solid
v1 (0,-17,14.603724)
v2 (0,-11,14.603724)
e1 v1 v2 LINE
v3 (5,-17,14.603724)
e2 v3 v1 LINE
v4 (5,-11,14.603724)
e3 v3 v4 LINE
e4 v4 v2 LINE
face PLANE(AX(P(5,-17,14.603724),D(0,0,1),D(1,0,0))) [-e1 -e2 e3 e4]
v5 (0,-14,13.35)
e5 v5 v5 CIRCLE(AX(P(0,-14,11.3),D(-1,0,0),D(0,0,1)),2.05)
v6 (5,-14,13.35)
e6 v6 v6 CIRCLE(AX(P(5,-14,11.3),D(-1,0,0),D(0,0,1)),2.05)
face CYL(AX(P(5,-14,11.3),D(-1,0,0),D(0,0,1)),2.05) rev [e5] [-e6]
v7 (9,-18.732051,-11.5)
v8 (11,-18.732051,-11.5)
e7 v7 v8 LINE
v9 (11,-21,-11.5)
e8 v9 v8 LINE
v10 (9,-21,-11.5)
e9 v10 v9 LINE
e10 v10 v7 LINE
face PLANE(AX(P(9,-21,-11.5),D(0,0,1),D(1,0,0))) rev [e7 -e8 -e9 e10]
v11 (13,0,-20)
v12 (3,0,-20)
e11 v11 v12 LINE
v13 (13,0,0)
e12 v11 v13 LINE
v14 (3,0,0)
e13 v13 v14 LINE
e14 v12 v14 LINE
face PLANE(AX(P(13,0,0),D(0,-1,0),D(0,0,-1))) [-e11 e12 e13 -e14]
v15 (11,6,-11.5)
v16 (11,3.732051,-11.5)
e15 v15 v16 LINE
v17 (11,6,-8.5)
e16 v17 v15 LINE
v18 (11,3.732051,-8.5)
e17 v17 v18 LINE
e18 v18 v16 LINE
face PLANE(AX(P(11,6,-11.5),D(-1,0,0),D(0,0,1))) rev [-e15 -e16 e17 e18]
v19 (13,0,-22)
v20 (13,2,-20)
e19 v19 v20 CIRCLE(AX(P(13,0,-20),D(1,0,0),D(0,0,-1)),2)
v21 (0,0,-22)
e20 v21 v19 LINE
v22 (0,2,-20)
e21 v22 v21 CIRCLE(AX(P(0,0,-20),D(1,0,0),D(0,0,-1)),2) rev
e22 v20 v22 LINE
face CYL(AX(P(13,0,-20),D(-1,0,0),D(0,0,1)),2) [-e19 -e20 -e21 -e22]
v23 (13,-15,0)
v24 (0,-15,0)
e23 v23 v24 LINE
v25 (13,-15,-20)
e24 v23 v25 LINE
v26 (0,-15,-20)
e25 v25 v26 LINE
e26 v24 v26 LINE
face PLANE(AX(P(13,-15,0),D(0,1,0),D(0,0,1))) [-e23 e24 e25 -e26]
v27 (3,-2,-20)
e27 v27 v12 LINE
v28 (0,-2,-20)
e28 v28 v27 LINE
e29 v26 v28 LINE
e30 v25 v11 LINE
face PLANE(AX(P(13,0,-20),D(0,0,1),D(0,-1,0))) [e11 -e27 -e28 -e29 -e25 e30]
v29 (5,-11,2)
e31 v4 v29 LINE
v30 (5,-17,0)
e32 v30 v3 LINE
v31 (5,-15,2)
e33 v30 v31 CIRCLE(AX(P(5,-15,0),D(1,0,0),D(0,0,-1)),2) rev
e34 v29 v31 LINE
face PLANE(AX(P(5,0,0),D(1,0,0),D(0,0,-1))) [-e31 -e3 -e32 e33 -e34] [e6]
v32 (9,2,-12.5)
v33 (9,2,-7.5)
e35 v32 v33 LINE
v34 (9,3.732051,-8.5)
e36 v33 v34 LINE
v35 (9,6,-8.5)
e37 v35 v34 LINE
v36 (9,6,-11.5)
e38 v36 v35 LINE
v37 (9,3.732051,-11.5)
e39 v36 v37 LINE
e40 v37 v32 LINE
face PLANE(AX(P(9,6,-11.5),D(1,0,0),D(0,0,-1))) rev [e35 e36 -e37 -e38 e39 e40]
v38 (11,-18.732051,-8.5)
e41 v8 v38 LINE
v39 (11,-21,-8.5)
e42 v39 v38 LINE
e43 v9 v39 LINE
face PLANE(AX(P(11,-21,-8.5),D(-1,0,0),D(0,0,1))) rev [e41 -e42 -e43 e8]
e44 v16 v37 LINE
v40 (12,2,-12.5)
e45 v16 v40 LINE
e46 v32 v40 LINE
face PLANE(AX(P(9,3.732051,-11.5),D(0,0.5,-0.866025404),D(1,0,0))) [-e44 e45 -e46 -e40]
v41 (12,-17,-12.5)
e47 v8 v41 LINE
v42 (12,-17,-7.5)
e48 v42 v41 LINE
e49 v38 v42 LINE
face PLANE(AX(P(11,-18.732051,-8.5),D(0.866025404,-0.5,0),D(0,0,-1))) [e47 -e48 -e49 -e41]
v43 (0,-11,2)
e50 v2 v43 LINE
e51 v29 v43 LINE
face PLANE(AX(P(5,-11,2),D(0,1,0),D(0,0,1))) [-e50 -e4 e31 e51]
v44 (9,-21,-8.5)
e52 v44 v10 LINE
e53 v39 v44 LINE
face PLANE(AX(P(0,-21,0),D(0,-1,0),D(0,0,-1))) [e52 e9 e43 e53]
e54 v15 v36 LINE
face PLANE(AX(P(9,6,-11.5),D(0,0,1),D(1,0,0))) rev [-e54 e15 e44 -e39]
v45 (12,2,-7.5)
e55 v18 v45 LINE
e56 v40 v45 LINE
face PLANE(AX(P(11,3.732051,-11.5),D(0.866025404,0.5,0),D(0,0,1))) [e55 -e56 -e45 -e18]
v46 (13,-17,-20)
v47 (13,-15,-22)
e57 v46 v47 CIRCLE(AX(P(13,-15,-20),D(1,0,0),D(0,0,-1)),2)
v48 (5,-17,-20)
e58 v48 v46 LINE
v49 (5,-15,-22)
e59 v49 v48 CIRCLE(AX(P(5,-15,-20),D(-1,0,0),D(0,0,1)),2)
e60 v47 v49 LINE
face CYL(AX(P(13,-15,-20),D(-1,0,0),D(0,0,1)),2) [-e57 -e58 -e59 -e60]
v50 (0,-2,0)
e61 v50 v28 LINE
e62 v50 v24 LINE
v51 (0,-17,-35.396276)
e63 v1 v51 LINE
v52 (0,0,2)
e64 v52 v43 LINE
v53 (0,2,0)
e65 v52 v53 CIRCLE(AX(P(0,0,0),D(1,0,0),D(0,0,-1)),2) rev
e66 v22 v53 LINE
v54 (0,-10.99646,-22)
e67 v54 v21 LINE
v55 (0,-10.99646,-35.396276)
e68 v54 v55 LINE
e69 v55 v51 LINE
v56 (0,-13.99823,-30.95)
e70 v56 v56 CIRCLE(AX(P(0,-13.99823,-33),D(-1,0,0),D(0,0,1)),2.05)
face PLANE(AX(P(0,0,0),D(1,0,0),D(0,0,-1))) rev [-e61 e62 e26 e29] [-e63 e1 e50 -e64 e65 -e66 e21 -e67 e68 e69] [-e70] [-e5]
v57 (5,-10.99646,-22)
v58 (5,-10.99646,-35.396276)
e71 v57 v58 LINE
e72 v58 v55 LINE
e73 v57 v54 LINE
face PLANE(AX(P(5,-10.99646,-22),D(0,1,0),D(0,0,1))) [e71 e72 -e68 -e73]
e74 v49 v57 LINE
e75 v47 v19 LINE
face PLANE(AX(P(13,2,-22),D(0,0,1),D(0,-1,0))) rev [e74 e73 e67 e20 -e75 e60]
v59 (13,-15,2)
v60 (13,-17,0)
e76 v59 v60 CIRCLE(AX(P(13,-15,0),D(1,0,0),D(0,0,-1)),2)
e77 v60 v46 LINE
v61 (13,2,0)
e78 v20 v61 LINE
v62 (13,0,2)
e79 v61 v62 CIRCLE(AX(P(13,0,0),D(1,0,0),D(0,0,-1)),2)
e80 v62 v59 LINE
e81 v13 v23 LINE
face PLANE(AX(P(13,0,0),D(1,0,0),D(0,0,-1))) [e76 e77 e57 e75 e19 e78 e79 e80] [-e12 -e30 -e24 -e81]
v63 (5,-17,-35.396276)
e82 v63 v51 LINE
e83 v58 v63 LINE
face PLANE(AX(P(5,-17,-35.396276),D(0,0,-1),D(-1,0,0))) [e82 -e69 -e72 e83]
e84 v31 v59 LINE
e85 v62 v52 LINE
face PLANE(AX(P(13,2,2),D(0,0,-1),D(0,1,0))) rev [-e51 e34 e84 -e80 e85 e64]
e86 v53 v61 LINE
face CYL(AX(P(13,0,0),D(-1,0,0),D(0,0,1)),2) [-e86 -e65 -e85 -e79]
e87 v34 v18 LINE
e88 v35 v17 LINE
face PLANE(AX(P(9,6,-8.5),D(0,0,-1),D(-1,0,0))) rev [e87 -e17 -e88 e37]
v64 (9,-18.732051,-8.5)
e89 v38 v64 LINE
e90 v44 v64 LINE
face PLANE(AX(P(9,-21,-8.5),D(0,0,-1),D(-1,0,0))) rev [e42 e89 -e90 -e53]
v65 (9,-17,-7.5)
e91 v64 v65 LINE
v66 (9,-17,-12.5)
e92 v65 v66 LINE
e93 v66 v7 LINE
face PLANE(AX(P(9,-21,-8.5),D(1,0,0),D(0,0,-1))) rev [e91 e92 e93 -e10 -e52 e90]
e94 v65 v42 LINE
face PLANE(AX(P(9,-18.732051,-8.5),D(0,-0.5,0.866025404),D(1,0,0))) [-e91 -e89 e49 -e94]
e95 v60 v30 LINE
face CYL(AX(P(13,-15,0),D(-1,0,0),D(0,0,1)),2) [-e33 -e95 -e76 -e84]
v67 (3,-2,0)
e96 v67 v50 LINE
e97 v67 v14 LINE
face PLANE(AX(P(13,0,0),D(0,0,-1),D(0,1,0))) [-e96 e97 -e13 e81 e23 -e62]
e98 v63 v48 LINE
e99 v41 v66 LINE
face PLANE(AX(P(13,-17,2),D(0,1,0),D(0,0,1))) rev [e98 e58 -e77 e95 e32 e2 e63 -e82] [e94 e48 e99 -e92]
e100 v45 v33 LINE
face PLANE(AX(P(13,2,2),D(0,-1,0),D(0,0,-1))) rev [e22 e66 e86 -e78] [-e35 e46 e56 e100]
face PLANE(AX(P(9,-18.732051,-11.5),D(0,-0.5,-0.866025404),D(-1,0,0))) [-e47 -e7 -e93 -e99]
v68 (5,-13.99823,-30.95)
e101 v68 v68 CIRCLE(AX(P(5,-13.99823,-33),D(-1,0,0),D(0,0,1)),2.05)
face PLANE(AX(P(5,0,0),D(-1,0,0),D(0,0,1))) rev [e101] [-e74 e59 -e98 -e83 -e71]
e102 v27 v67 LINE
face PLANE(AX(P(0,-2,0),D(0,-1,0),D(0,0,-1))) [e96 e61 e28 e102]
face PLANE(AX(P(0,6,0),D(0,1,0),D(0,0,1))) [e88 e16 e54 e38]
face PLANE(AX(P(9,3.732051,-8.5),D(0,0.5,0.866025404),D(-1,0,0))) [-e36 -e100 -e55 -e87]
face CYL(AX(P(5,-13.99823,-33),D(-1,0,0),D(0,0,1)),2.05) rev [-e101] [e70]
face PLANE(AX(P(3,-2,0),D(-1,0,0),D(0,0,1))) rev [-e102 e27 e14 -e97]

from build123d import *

# Parameters (mm, degrees)
SKETCH1_W           = 24
SKETCH1_H           = 19
SKETCH1_W_2         = 20
SKETCH1_H_2         = 15
BOSS_EXTRUDE1_DEPTH = 13
SKETCH2_W           = 13.396276459
SKETCH2_H           = 6.003539649
SKETCH2_R           = 2.05
SKETCH2_W_2         = 12.603723541
SKETCH2_H_2         = 6
BOSS_EXTRUDE2_DEPTH = 5
SKETCH4_W           = 3
SKETCH4_H           = 20
BOSS_EXTRUDE3_DEPTH = 2
SKETCH5_W           = 2
SKETCH5_H           = 3
BOSS_EXTRUDE4_DEPTH = 4
SKETCH6_W           = 2
SKETCH6_H           = 3
BOSS_EXTRUDE5_DEPTH = 4
CHAMFER1_SIZE       = 1
CHAMFER1_SIZE2      = 1.732050808
FILLET1_R           = 2
CHAMFER2_SIZE       = 1
CHAMFER2_SIZE2      = 1.732050808


with BuildPart() as part:
    # Sketch1 → Boss-Extrude1 (new body)
    with BuildSketch(Plane(origin=(0, 0, 0), x_dir=(0, 0, -1), z_dir=(1, 0, 0))):
        with Locations((10, -7.5)):
            Rectangle(SKETCH1_W, SKETCH1_H)
        with Locations((10, -7.5)):
            Rectangle(SKETCH1_W_2, SKETCH1_H_2, mode=Mode.SUBTRACT)
    extrude(amount=BOSS_EXTRUDE1_DEPTH)

    # Sketch2 → Boss-Extrude2 (add)
    # profile 1 of 2: a face of its own
    with BuildSketch(Plane.ZY):
        with Locations((-28.698138229, -13.998230176)):
            Rectangle(SKETCH2_W, SKETCH2_H)
        with Locations((-33, -13.998230176)):
            Circle(SKETCH2_R, mode=Mode.SUBTRACT)
    # profile 2 of 2: a face of its own
    with BuildSketch(Plane.ZY):
        with Locations((8.301861771, -14)):
            Rectangle(SKETCH2_W_2, SKETCH2_H_2)
        with Locations((11.299999965, -14)):
            Circle(SKETCH2_R, mode=Mode.SUBTRACT)
    extrude(amount=-BOSS_EXTRUDE2_DEPTH)

    # Sketch4 → Boss-Extrude3 (add)
    with BuildSketch(Plane.XZ):
        with Locations((1.5, -10)):
            Rectangle(SKETCH4_W, SKETCH4_H)
    extrude(amount=BOSS_EXTRUDE3_DEPTH)

    # Sketch5 → Boss-Extrude4 (add)
    with BuildSketch(Plane(origin=(0, 2, 0), x_dir=(1, 0, 0), z_dir=(0, 1, 0))):
        with Locations((10, 10)):
            Rectangle(SKETCH5_W, SKETCH5_H)
    extrude(amount=BOSS_EXTRUDE4_DEPTH)

    # Sketch6 → Boss-Extrude5 (add)
    with BuildSketch(Plane.XZ.offset(17)):
        with Locations((10, -10)):
            Rectangle(SKETCH6_W, SKETCH6_H)
    extrude(amount=BOSS_EXTRUDE5_DEPTH)

    # Chamfer1
    chamfer1_edges = [part.edges().sort_by_distance(p)[0] for p in [
        (10, 2, -8.5),
        (11, 2, -10),
        (10, 2, -11.5),
    ]]
    chamfer1_side = [part.faces().sort_by_distance(p)[0] for p in [
        (6.431372549, 2, -10),
    ]]
    chamfer(chamfer1_edges, length=CHAMFER1_SIZE, length2=CHAMFER1_SIZE2, reference=chamfer1_side[0])

    # Fillet1
    fillet1_edges = [part.edges().sort_by_distance(p)[0] for p in [
        (6.5, 2, 2),
        (6.5, 2, -22),
        (9, -17, -22),
        (9, -17, 2),
    ]]
    fillet(fillet1_edges, radius=FILLET1_R)

    # Chamfer2
    chamfer2_edges = [part.edges().sort_by_distance(p)[0] for p in [
        (10, -17, -11.5),
        (11, -17, -10),
        (10, -17, -8.5),
    ]]
    chamfer2_side = [part.faces().sort_by_distance(p)[0] for p in [
        (4.962871287, -17, -10.245220581),
    ]]
    chamfer(chamfer2_edges, length=CHAMFER2_SIZE, length2=CHAMFER2_SIZE2, reference=chamfer2_side[0])


solid = part.part
